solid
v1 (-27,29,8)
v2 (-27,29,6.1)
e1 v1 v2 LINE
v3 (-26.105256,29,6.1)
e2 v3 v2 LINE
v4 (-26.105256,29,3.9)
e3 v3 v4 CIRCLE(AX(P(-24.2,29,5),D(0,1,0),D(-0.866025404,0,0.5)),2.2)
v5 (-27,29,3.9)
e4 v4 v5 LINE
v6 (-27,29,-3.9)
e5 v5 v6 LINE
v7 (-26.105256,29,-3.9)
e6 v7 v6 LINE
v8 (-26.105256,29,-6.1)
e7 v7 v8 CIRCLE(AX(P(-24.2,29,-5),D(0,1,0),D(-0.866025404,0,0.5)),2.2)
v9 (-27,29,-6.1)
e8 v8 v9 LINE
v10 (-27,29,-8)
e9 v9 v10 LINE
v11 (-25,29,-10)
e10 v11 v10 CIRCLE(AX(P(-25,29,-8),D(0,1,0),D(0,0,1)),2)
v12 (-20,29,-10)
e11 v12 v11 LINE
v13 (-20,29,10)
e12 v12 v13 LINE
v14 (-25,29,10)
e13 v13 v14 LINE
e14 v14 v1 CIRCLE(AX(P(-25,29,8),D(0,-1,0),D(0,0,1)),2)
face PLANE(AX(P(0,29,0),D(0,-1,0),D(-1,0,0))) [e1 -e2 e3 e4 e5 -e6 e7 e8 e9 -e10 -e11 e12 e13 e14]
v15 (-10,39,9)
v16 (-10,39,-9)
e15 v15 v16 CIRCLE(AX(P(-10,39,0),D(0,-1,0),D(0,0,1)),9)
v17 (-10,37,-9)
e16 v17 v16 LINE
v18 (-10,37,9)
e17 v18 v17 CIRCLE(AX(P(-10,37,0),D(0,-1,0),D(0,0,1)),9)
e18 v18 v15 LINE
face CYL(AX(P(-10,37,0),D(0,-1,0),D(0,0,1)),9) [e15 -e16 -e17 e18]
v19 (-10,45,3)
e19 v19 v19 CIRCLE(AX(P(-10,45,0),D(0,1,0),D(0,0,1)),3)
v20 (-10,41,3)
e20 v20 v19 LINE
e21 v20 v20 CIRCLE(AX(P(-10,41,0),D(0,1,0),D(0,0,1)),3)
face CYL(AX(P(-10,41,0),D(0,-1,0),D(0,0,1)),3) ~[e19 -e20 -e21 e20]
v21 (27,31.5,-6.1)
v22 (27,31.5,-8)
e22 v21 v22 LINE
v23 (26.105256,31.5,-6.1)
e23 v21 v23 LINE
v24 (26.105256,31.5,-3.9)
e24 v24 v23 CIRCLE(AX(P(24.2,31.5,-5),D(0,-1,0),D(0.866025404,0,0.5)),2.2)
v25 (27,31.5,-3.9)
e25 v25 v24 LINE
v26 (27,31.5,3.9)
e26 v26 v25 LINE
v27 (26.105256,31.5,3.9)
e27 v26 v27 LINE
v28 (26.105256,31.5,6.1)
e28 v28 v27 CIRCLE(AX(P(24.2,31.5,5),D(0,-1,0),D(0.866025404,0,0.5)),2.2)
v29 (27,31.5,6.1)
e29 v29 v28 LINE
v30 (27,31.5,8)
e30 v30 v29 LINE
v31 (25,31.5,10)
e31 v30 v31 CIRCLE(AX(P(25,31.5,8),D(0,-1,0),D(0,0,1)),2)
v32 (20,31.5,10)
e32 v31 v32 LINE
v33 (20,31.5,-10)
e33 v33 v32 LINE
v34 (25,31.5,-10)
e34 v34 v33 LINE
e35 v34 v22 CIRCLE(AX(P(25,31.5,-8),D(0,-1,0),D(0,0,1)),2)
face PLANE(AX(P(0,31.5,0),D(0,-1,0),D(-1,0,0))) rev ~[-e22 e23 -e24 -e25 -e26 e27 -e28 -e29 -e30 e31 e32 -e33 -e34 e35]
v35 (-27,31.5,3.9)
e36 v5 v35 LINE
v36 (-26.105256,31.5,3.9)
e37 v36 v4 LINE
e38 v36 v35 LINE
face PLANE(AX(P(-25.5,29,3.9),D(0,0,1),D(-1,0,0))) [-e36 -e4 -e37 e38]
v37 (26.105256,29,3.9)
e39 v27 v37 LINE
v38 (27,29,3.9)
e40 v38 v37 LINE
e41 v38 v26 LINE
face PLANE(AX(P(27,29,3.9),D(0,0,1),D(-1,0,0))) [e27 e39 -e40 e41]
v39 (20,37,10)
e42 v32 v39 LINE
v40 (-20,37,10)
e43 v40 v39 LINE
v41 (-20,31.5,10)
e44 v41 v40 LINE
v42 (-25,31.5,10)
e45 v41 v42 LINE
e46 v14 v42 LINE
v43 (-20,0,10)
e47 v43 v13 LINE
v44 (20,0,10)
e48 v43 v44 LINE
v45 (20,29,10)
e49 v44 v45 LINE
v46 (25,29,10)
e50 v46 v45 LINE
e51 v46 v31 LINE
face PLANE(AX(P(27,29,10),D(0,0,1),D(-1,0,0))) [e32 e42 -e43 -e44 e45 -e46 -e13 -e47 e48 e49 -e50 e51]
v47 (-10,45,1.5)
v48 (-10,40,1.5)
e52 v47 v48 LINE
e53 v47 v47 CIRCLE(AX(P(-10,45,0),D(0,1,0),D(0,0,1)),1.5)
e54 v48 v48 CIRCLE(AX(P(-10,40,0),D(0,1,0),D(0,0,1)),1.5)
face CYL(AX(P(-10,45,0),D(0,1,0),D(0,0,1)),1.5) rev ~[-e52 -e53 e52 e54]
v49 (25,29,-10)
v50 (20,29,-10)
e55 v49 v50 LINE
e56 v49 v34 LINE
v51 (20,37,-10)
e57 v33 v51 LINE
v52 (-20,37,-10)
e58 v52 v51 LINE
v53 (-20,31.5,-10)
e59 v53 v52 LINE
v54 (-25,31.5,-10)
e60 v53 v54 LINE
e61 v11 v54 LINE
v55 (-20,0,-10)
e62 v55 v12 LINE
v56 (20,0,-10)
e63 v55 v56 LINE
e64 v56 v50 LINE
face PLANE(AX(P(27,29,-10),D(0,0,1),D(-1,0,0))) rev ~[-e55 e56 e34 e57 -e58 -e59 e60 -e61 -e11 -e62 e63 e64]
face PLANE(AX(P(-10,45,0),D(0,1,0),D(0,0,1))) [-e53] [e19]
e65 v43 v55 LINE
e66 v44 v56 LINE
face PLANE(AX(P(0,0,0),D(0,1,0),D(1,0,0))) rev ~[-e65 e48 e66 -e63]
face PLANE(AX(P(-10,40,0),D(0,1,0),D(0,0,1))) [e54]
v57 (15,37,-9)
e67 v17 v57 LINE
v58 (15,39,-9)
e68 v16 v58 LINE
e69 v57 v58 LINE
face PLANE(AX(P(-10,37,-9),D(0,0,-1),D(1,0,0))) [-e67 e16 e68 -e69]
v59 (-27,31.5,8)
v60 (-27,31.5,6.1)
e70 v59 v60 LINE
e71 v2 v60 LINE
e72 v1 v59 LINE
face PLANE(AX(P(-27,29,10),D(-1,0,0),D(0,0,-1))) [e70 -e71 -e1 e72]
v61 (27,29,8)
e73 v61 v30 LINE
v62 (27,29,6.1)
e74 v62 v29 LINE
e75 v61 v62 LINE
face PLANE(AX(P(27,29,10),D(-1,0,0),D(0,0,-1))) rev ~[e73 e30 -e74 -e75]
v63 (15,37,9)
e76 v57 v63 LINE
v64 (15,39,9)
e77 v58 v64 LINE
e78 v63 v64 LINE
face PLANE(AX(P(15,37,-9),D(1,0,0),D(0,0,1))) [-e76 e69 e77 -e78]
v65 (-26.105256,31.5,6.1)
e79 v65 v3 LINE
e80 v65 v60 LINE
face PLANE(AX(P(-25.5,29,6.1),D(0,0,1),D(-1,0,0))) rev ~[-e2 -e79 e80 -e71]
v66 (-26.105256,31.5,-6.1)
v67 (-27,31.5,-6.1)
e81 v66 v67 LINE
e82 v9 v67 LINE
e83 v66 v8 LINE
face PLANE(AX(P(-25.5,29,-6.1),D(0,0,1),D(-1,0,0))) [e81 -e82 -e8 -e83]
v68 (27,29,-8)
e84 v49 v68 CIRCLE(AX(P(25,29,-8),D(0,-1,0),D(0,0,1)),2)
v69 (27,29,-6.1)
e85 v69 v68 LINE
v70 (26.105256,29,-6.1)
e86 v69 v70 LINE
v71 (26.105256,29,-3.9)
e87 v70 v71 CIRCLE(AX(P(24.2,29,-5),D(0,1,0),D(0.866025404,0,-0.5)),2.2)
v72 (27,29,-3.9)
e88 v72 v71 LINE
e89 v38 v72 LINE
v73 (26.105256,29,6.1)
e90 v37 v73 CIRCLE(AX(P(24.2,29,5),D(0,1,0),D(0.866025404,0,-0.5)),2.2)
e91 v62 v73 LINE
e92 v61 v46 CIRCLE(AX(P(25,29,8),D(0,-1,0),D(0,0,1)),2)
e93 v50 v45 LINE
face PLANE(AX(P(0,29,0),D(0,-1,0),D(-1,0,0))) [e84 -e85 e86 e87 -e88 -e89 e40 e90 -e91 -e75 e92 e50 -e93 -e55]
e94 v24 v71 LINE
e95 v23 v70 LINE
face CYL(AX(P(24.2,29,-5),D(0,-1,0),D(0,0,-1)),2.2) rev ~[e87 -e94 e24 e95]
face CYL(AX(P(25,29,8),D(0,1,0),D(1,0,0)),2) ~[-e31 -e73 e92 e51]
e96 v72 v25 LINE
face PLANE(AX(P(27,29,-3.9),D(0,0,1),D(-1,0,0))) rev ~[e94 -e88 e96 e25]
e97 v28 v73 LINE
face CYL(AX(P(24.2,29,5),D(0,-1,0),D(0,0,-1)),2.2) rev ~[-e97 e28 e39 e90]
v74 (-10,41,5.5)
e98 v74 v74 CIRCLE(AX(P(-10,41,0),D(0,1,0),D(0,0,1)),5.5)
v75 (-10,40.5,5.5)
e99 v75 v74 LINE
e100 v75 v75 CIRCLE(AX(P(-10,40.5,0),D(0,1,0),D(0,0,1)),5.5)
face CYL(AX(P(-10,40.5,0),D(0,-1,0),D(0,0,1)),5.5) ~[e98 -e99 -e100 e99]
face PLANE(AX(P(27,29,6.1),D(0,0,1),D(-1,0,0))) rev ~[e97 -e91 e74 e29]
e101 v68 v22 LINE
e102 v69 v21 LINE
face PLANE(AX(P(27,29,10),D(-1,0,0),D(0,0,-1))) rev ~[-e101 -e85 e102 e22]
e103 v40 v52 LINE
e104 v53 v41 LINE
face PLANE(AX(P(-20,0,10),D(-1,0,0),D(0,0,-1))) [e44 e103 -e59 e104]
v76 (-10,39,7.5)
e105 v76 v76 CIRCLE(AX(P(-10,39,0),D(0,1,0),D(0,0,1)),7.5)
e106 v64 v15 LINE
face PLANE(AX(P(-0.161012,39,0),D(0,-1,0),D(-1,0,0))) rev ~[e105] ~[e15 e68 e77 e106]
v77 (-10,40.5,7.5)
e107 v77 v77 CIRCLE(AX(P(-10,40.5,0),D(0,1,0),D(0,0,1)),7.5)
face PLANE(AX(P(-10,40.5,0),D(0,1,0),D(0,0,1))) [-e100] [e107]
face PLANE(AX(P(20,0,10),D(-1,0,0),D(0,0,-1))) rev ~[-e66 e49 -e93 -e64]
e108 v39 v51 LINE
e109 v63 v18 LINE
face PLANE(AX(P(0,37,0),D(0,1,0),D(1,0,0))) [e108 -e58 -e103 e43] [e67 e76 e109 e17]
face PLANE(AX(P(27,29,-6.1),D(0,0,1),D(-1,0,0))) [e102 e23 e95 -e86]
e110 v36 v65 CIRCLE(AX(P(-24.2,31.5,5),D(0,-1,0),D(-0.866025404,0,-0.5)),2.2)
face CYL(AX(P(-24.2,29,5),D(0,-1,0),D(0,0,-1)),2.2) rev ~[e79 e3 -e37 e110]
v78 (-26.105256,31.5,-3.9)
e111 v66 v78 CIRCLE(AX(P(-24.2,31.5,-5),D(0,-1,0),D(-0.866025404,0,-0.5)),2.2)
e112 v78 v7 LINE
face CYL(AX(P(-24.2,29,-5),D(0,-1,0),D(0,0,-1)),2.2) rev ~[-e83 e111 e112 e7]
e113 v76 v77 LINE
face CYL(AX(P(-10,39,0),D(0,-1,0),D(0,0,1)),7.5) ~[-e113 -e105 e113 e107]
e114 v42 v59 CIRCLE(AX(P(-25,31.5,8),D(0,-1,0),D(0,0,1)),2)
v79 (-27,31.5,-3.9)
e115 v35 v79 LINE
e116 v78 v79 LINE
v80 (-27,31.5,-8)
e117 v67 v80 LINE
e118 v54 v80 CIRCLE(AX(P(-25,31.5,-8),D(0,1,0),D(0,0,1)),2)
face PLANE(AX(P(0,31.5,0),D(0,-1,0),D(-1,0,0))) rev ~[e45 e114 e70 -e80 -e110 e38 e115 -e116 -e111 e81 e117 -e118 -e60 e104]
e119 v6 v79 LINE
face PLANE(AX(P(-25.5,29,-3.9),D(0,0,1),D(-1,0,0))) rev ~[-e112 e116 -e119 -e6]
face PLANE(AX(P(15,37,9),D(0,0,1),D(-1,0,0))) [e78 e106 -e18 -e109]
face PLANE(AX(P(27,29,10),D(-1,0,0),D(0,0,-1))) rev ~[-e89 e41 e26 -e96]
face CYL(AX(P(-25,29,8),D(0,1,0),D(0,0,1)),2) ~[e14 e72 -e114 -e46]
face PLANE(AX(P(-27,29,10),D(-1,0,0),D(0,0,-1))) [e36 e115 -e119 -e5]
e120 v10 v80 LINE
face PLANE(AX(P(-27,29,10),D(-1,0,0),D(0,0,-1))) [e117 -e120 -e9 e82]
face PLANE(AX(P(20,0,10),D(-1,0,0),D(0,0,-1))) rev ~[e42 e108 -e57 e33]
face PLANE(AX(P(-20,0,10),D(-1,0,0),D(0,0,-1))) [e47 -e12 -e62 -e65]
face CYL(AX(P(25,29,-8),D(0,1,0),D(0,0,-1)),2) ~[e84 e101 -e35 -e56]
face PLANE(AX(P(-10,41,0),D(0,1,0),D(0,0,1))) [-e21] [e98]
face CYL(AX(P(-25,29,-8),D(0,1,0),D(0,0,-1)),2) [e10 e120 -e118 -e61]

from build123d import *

# Parameters (mm, degrees)
SKETCH_1_W          = 40
SKETCH_1_H          = 20
EXTRUDE_1_DEPTH     = 37
SKETCH_2_W          = 54
SKETCH_2_H          = 20
EXTRUDE_2_DEPTH     = 2.5
SKETCH_3_R          = 2.2
CUT_EXTRUDE_1_DEPTH = 2.5
SKETCH_5_W          = 1.5
SKETCH_5_H          = 2.2
CUT_EXTRUDE_2_DEPTH = 2.5
FILLET_1_R          = 2
EXTRUDE_3_DEPTH     = 2
SKETCH_7_R          = 7.5
EXTRUDE_4_DEPTH     = 1.5
SKETCH_8_R          = 5.5
EXTRUDE_5_DEPTH     = 0.5
SKETCH_9_R          = 3
EXTRUDE_6_DEPTH     = 4
SKETCH_10_R         = 1.5
CUT_EXTRUDE_3_DEPTH = 5


with BuildPart() as part:
    # 草图1 → 凸台-拉伸1 (new body)
    with BuildSketch(Plane(origin=(0, 0, 0), x_dir=(1, 0, 0), z_dir=(0, 1, 0))):
        Rectangle(SKETCH_1_W, SKETCH_1_H)
    extrude(amount=EXTRUDE_1_DEPTH)

    # 草图2 → 凸台-拉伸2 (add)
    with BuildSketch(Plane(origin=(0, 29, 0), x_dir=(-1, 0, 0), z_dir=(0, -1, 0))):
        Rectangle(SKETCH_2_W, SKETCH_2_H)
    extrude(amount=-EXTRUDE_2_DEPTH)

    # 草图3 → 切除-拉伸1 (cut)
    with BuildSketch(Plane(origin=(0, 29, 0), x_dir=(-1, 0, 0), z_dir=(0, -1, 0))):
        with Locations(Location((24.2, 5, 0), (0, 0, 90))):
            Circle(SKETCH_3_R)
        with Locations(Location((-24.2, 5, 0), (0, 0, 90))):
            Circle(SKETCH_3_R)
        with Locations(Location((24.2, -5, 0), (0, 0, 90))):
            Circle(SKETCH_3_R)
        with Locations(Location((-24.2, -5, 0), (0, 0, 90))):
            Circle(SKETCH_3_R)
    extrude(amount=-CUT_EXTRUDE_1_DEPTH, mode=Mode.SUBTRACT)

    # 草图5 → 切除-拉伸2 (cut)
    with BuildSketch(Plane(origin=(0, 29, 0), x_dir=(-1, 0, 0), z_dir=(0, -1, 0))):
        with Locations((-26.25, 5)):
            Rectangle(SKETCH_5_W, SKETCH_5_H)
        with Locations((26.25, 5)):
            Rectangle(SKETCH_5_W, SKETCH_5_H)
        with Locations((26.25, -5)):
            Rectangle(SKETCH_5_W, SKETCH_5_H)
        with Locations((-26.25, -5)):
            Rectangle(SKETCH_5_W, SKETCH_5_H)
    extrude(amount=-CUT_EXTRUDE_2_DEPTH, mode=Mode.SUBTRACT)

    # 圆角1
    fillet_1_edges = [part.edges().sort_by_distance(p)[0] for p in [
        (27, 30.25, -10),
        (-27, 30.25, 10),
        (27, 30.25, 10),
        (-27, 30.25, -10),
    ]]
    fillet(fillet_1_edges, radius=FILLET_1_R)

    # 草图6 → 凸台-拉伸3 (add)
    with BuildSketch(Plane(origin=(0, 37, 0), x_dir=(1, 0, 0), z_dir=(0, 1, 0))):
        with BuildLine():
            Line((-10, 9), (15, 9))
            Line((15, 9), (15, -9))
            Line((15, -9), (-10, -9))
            ThreePointArc((-10, -9), (-19, 0), (-10, 9))
        make_face()
    extrude(amount=EXTRUDE_3_DEPTH)

    # 草图7 → 凸台-拉伸4 (add)
    with BuildSketch(Plane(origin=(0, 39, 0), x_dir=(1, 0, 0), z_dir=(0, 1, 0))):
        with Locations(Location((-10, 0, 0), (0, 0, 270))):
            Circle(SKETCH_7_R)
    extrude(amount=EXTRUDE_4_DEPTH)

    # 草图8 → 凸台-拉伸5 (add)
    with BuildSketch(Plane(origin=(0, 40.5, 0), x_dir=(1, 0, 0), z_dir=(0, 1, 0))):
        with Locations(Location((-10, 0, 0), (0, 0, 270))):
            Circle(SKETCH_8_R)
    extrude(amount=EXTRUDE_5_DEPTH)

    # 草图9 → 凸台-拉伸6 (add)
    with BuildSketch(Plane(origin=(0, 41, 0), x_dir=(1, 0, 0), z_dir=(0, 1, 0))):
        with Locations(Location((-10, 0, 0), (0, 0, 270))):
            Circle(SKETCH_9_R)
    extrude(amount=EXTRUDE_6_DEPTH)

    # 草图10 → 切除-拉伸3 (cut)
    with BuildSketch(Plane(origin=(0, 45, 0), x_dir=(1, 0, 0), z_dir=(0, 1, 0))):
        with Locations(Location((-10, 0, 0), (0, 0, 270))):
            Circle(SKETCH_10_R)
    extrude(amount=-CUT_EXTRUDE_3_DEPTH, mode=Mode.SUBTRACT)


solid = part.part
